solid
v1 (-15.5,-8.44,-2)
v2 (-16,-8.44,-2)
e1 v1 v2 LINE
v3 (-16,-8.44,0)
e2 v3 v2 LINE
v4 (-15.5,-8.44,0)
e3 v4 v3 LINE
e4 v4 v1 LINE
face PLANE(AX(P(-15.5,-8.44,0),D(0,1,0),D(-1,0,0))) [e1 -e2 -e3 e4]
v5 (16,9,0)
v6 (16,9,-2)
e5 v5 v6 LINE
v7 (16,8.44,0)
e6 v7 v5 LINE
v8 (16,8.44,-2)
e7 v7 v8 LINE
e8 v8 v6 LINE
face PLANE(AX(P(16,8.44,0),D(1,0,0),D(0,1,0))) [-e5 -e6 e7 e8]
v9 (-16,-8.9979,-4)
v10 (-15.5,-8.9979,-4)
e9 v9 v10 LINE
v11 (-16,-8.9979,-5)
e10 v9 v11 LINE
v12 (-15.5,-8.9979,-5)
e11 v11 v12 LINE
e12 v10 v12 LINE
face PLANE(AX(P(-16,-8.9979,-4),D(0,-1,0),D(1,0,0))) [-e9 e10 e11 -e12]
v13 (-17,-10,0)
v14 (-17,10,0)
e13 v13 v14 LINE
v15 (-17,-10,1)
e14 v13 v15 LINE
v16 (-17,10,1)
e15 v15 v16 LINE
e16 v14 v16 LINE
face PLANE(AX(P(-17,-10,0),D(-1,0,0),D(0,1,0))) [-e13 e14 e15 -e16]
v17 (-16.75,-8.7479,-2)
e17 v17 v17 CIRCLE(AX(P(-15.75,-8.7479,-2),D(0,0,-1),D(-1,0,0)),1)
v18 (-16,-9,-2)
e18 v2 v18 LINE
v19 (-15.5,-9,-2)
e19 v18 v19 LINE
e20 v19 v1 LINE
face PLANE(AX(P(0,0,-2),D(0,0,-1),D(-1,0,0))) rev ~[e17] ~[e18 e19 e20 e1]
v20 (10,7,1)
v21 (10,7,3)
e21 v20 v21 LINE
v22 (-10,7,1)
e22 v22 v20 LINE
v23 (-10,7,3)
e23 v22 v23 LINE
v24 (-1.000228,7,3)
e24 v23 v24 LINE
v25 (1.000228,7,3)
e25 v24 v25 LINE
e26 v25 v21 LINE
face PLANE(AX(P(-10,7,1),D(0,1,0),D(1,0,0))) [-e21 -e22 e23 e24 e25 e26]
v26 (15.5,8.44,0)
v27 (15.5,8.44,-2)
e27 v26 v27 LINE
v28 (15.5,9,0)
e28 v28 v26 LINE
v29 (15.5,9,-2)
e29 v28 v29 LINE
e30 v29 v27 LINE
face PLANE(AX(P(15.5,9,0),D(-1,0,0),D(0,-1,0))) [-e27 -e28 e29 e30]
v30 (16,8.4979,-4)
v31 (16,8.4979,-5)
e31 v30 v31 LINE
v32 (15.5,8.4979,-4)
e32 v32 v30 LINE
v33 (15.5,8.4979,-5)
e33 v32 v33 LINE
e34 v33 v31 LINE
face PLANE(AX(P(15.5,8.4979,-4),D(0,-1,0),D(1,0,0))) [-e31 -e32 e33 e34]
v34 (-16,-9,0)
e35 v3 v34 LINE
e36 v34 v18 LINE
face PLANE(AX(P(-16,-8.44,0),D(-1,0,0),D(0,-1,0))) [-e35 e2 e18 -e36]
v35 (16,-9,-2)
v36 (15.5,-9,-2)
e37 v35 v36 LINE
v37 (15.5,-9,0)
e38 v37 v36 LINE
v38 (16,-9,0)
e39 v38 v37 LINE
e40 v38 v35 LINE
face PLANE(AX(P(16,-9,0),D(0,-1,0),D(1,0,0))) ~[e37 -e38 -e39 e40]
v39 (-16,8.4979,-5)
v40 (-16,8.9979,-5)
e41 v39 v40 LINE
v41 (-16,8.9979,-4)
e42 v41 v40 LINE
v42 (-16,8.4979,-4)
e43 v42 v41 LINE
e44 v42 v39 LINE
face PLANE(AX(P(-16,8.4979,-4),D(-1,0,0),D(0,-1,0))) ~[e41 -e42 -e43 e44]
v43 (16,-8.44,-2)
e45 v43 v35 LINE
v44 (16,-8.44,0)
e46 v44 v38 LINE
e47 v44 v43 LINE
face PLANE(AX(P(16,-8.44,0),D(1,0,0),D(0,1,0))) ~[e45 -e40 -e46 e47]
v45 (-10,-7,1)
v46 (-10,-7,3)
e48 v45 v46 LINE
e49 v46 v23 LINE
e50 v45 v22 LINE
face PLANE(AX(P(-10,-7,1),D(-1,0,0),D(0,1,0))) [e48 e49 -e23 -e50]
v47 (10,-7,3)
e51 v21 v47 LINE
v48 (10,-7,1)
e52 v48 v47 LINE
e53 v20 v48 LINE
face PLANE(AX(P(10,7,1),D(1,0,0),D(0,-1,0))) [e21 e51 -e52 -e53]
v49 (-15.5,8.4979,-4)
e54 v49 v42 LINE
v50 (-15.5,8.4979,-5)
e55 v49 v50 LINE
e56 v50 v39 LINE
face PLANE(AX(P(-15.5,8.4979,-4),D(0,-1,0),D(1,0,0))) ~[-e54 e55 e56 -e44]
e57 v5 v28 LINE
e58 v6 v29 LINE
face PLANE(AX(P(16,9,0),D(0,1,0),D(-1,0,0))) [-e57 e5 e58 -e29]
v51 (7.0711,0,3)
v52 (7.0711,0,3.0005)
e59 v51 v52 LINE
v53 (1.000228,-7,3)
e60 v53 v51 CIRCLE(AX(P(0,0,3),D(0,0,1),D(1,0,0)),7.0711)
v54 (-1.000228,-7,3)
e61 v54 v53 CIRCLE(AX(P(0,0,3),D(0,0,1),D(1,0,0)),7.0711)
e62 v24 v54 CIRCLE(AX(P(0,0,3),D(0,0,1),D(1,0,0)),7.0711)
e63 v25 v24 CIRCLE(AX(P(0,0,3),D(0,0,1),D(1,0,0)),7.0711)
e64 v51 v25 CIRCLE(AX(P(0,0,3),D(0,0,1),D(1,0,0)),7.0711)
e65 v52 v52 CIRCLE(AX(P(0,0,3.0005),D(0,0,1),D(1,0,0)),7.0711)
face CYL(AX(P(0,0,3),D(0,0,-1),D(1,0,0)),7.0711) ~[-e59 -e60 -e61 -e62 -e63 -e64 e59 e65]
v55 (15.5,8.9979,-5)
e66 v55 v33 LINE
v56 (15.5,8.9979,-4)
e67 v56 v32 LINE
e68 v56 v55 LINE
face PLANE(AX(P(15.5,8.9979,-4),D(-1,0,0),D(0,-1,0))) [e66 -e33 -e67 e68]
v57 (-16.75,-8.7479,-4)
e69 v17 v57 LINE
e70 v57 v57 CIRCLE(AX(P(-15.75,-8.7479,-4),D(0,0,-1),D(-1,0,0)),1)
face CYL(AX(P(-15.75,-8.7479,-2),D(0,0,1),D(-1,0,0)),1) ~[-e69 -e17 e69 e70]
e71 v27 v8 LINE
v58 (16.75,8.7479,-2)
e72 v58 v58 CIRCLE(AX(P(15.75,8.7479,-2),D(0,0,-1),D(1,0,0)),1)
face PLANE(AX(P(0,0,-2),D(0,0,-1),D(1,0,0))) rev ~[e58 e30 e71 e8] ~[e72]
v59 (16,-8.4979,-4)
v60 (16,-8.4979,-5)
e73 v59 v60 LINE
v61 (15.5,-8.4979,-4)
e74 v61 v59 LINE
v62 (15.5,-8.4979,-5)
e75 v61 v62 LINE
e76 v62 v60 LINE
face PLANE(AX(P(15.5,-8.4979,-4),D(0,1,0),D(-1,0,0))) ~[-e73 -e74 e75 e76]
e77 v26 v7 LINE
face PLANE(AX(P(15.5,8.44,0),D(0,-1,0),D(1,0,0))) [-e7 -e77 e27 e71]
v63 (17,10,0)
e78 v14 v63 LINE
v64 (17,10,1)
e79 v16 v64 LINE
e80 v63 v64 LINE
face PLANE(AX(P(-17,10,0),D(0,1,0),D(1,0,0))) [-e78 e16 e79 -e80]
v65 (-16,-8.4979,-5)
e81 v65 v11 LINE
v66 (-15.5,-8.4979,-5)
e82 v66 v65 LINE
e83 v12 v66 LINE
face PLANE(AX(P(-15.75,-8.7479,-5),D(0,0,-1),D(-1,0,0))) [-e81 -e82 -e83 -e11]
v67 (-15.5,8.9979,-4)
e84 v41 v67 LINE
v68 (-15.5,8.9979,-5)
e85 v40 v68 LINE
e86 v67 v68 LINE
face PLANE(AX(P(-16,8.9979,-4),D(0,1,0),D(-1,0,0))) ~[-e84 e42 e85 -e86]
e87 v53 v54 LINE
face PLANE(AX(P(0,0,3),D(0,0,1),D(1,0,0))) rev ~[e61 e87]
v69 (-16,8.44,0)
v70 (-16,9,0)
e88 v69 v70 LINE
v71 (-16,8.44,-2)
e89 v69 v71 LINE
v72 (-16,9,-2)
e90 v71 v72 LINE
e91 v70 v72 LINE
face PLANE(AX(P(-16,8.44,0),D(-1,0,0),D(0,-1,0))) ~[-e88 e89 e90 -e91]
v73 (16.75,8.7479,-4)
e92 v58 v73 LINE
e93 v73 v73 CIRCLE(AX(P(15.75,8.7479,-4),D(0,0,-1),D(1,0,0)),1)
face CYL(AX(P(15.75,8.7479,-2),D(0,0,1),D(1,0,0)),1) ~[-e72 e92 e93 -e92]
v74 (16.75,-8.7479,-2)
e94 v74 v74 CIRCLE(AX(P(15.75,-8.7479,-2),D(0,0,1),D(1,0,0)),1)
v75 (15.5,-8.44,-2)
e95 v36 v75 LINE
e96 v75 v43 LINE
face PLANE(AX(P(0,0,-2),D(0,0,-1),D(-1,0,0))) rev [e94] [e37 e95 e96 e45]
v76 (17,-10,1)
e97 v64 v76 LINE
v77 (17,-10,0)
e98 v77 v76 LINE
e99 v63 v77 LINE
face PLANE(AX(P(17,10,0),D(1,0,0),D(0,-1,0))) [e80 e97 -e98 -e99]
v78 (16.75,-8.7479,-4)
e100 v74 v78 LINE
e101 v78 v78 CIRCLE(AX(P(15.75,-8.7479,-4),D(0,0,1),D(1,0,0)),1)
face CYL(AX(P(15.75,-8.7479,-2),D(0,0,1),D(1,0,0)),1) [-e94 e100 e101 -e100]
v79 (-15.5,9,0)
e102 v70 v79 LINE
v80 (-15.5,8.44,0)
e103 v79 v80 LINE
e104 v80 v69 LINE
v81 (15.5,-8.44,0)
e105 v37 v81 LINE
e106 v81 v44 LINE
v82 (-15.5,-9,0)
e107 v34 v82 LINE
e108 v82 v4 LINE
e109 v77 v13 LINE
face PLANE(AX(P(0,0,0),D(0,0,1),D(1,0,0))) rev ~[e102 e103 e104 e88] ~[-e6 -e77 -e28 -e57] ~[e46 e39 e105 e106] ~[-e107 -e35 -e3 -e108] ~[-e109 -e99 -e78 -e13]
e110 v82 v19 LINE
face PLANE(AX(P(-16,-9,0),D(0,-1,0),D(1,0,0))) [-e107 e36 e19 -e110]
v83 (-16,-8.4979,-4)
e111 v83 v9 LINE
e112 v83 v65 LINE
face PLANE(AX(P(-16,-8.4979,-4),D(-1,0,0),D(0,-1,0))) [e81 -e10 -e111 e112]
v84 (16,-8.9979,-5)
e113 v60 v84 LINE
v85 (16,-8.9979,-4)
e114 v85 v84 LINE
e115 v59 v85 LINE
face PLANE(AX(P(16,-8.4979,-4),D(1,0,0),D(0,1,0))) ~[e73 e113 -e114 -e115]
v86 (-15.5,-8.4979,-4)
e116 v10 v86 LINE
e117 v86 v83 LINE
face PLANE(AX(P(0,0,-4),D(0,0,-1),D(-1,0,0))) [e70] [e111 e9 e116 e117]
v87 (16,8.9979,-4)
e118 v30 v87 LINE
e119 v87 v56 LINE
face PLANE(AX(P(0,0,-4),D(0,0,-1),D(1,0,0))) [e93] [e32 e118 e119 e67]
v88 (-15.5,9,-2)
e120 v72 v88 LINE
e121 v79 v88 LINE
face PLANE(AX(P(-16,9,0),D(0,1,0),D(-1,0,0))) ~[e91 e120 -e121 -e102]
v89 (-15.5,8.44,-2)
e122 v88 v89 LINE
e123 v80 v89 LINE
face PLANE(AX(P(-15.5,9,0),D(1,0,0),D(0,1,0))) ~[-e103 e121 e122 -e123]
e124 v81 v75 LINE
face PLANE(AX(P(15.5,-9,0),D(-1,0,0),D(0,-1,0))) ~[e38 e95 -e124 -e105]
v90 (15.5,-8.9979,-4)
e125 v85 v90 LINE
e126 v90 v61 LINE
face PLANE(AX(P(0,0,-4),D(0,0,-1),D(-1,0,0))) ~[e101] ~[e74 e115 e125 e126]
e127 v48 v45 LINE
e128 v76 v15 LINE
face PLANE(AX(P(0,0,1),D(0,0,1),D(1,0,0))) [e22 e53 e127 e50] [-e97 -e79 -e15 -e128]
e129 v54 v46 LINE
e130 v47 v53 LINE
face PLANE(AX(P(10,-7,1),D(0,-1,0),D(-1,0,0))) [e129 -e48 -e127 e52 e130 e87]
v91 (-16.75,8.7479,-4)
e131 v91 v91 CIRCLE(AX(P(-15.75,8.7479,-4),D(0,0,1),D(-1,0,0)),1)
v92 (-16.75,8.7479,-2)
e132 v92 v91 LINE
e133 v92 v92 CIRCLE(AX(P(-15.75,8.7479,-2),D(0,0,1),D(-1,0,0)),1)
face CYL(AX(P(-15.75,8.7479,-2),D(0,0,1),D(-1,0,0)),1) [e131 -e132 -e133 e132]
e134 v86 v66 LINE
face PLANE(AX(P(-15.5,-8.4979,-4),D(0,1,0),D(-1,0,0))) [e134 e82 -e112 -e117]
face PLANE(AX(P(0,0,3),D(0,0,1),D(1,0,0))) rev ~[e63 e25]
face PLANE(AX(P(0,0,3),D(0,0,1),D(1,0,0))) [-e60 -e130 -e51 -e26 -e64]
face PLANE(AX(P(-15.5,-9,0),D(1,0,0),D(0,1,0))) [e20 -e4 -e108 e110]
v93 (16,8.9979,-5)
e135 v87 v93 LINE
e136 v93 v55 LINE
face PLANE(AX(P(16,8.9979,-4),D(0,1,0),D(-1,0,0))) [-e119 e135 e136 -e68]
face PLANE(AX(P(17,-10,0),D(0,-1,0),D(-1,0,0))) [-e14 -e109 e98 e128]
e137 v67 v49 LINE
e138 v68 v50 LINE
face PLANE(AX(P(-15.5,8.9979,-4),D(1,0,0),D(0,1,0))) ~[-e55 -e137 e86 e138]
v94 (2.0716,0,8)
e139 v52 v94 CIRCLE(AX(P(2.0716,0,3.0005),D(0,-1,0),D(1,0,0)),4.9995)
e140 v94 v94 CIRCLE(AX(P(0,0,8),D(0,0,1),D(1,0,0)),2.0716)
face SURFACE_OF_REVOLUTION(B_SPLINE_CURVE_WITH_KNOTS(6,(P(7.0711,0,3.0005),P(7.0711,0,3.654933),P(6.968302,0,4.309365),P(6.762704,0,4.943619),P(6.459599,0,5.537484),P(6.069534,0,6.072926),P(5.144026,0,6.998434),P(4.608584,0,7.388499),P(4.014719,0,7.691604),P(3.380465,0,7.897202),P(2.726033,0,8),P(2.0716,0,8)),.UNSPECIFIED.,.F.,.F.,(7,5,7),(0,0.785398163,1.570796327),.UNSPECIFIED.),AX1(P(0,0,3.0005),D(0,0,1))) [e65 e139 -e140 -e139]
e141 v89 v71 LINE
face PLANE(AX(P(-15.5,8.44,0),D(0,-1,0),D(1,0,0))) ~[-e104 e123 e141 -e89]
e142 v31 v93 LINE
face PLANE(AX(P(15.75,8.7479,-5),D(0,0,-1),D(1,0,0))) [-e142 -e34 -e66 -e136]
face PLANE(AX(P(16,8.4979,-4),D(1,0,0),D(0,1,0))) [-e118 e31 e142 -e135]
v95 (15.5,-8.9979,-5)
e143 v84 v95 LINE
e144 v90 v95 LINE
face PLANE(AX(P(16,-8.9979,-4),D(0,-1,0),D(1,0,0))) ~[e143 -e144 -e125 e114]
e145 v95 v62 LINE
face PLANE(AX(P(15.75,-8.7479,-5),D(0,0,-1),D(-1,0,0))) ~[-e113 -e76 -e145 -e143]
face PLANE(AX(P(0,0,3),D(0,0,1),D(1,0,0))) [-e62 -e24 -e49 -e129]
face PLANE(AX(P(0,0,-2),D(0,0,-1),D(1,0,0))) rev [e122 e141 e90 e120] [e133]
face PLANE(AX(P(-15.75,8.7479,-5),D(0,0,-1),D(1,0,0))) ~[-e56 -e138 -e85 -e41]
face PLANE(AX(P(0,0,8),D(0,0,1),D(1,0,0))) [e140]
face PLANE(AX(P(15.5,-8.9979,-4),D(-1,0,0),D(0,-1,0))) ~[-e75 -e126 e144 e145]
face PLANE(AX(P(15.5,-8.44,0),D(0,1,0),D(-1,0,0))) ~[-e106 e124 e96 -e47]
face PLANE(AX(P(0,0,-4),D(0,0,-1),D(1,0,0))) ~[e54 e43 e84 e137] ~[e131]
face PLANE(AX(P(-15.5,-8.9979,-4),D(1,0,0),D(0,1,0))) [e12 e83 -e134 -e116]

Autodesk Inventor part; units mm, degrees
ref_plane "YZ Plane" through (0, 0, 0) normal (1, 0, 0) x (0, 1, 0)
ref_plane "XZ Plane" through (0, 0, 0) normal (0, 1, 0) x (-1, 0, 0)
ref_plane "XY Plane" through (0, 0, 0) normal (0, 0, 1) x (1, 0, 0)
sketch "Sketch1" plane through (0, 0, 0) normal (0, 0, 1) x (1, 0, 0)
  line L0 (17, -10) -> (-17, -10)
  line L1 (-17, -10) -> (-17, 10)
  line L2 (-17, 10) -> (17, 10)
  line L3 (17, 10) -> (17, -10)
  line L4 (17, -10) -> (-17, 10) construction
  line L5 (-17, -10) -> (17, 10) construction
  point P0 (0, 0)
extrude "Extrusion1" add sketch "Sketch1" along normal blind 1
sketch "Sketch2" plane through (0, 0, 1) normal (0, 0, 1) x (1, 0, 0)
  line L0 (10, -7) -> (-10, -7)
  line L1 (-10, -7) -> (-10, 7)
  line L2 (-10, 7) -> (10, 7)
  line L3 (10, 7) -> (10, -7)
  line L4 (10, -7) -> (-10, 7) construction
  line L5 (-10, -7) -> (10, 7) construction
  point P0 (0, 0)
extrude "Extrusion2" add sketch "Sketch2" along normal blind 2
sketch "Sketch3" plane through (0, 0, 3) normal (0, 0, 1) x (1, 0, 0)
  circle A0 centre (0, 0) radius 7.0711
extrude "Extrusion3" add sketch "Sketch3" along normal blind 5
fillet "Fillet1" radius 5 1 edges at (-7.0711, 0, 8)
sketch "Sketch4" plane through (0, 0, 0) normal (0, 0, -1) x (-1, 0, 0)
  line L0 (16, -9) -> (15.5, -9)
  line L1 (15.5, -9) -> (15.5, -8.44)
  line L2 (15.5, -8.44) -> (16, -8.44)
  line L3 (16, -8.44) -> (16, -9)
  point P0 (0, 0)
  dimension "d7" = 0.5
  dimension "d8" = 0.56
extrude "Extrusion4" add sketch "Sketch4" along normal blind 2
mirror "Mirror1" about plane through (0, 0, 0) normal (1, 0, 0) of "Extrusion4"
mirror "Mirror2" about plane through (0, 0, 0) normal (0, 1, 0) of "Extrusion4", "Mirror1"
sketch "Sketch5" plane through (0, 0, -2) normal (0, 0, -1) x (-1, 0, 0)
  circle A0 centre (15.75, -8.7479) radius 1
  point P0 (0, 0)
  dimension "d11" = 2
extrude "Extrusion5" add sketch "Sketch5" along normal blind 2
sketch "Sketch6" plane through (-15.75, -8.7479, -4) normal (0, 0, -1) x (-1, 0, 0)
  line L0 (-0.25, 0.25) -> (0.25, 0.25)
  line L1 (0.25, 0.25) -> (0.25, -0.25)
  line L2 (0.25, -0.25) -> (-0.25, -0.25)
  line L3 (-0.25, -0.25) -> (-0.25, 0.25)
  line L4 (-0.25, 0.25) -> (0.25, -0.25) construction
  line L5 (0.25, 0.25) -> (-0.25, -0.25) construction
  point P0 (-15.75, 8.7479)
  point P1 (0, 0)
  dimension "d14" = 0.5
  dimension "d15" = 0.5
extrude "Extrusion6" add sketch "Sketch6" along normal blind 1
mirror "Mirror3" about plane through (0, 0, 0) normal (1, 0, 0) of "Extrusion6"
mirror "Mirror4" about plane through (0, 0, 0) normal (1, 0, 0) of "Extrusion6", "Extrusion5"
mirror "Mirror5" about plane through (0, 0, 0) normal (0, 1, 0) of "Extrusion5", "Extrusion6", "Mirror4"
sketch "Sketch7" plane through (0, 0, 1) normal (0, 0, 1) x (1, 0, 0)
  point P0 (0, 0)
ref_plane "Work Plane1" through (0, 0, 0) normal (0, 1, 0) x (-1, 0, 0)
properties part number "pir sensor"
